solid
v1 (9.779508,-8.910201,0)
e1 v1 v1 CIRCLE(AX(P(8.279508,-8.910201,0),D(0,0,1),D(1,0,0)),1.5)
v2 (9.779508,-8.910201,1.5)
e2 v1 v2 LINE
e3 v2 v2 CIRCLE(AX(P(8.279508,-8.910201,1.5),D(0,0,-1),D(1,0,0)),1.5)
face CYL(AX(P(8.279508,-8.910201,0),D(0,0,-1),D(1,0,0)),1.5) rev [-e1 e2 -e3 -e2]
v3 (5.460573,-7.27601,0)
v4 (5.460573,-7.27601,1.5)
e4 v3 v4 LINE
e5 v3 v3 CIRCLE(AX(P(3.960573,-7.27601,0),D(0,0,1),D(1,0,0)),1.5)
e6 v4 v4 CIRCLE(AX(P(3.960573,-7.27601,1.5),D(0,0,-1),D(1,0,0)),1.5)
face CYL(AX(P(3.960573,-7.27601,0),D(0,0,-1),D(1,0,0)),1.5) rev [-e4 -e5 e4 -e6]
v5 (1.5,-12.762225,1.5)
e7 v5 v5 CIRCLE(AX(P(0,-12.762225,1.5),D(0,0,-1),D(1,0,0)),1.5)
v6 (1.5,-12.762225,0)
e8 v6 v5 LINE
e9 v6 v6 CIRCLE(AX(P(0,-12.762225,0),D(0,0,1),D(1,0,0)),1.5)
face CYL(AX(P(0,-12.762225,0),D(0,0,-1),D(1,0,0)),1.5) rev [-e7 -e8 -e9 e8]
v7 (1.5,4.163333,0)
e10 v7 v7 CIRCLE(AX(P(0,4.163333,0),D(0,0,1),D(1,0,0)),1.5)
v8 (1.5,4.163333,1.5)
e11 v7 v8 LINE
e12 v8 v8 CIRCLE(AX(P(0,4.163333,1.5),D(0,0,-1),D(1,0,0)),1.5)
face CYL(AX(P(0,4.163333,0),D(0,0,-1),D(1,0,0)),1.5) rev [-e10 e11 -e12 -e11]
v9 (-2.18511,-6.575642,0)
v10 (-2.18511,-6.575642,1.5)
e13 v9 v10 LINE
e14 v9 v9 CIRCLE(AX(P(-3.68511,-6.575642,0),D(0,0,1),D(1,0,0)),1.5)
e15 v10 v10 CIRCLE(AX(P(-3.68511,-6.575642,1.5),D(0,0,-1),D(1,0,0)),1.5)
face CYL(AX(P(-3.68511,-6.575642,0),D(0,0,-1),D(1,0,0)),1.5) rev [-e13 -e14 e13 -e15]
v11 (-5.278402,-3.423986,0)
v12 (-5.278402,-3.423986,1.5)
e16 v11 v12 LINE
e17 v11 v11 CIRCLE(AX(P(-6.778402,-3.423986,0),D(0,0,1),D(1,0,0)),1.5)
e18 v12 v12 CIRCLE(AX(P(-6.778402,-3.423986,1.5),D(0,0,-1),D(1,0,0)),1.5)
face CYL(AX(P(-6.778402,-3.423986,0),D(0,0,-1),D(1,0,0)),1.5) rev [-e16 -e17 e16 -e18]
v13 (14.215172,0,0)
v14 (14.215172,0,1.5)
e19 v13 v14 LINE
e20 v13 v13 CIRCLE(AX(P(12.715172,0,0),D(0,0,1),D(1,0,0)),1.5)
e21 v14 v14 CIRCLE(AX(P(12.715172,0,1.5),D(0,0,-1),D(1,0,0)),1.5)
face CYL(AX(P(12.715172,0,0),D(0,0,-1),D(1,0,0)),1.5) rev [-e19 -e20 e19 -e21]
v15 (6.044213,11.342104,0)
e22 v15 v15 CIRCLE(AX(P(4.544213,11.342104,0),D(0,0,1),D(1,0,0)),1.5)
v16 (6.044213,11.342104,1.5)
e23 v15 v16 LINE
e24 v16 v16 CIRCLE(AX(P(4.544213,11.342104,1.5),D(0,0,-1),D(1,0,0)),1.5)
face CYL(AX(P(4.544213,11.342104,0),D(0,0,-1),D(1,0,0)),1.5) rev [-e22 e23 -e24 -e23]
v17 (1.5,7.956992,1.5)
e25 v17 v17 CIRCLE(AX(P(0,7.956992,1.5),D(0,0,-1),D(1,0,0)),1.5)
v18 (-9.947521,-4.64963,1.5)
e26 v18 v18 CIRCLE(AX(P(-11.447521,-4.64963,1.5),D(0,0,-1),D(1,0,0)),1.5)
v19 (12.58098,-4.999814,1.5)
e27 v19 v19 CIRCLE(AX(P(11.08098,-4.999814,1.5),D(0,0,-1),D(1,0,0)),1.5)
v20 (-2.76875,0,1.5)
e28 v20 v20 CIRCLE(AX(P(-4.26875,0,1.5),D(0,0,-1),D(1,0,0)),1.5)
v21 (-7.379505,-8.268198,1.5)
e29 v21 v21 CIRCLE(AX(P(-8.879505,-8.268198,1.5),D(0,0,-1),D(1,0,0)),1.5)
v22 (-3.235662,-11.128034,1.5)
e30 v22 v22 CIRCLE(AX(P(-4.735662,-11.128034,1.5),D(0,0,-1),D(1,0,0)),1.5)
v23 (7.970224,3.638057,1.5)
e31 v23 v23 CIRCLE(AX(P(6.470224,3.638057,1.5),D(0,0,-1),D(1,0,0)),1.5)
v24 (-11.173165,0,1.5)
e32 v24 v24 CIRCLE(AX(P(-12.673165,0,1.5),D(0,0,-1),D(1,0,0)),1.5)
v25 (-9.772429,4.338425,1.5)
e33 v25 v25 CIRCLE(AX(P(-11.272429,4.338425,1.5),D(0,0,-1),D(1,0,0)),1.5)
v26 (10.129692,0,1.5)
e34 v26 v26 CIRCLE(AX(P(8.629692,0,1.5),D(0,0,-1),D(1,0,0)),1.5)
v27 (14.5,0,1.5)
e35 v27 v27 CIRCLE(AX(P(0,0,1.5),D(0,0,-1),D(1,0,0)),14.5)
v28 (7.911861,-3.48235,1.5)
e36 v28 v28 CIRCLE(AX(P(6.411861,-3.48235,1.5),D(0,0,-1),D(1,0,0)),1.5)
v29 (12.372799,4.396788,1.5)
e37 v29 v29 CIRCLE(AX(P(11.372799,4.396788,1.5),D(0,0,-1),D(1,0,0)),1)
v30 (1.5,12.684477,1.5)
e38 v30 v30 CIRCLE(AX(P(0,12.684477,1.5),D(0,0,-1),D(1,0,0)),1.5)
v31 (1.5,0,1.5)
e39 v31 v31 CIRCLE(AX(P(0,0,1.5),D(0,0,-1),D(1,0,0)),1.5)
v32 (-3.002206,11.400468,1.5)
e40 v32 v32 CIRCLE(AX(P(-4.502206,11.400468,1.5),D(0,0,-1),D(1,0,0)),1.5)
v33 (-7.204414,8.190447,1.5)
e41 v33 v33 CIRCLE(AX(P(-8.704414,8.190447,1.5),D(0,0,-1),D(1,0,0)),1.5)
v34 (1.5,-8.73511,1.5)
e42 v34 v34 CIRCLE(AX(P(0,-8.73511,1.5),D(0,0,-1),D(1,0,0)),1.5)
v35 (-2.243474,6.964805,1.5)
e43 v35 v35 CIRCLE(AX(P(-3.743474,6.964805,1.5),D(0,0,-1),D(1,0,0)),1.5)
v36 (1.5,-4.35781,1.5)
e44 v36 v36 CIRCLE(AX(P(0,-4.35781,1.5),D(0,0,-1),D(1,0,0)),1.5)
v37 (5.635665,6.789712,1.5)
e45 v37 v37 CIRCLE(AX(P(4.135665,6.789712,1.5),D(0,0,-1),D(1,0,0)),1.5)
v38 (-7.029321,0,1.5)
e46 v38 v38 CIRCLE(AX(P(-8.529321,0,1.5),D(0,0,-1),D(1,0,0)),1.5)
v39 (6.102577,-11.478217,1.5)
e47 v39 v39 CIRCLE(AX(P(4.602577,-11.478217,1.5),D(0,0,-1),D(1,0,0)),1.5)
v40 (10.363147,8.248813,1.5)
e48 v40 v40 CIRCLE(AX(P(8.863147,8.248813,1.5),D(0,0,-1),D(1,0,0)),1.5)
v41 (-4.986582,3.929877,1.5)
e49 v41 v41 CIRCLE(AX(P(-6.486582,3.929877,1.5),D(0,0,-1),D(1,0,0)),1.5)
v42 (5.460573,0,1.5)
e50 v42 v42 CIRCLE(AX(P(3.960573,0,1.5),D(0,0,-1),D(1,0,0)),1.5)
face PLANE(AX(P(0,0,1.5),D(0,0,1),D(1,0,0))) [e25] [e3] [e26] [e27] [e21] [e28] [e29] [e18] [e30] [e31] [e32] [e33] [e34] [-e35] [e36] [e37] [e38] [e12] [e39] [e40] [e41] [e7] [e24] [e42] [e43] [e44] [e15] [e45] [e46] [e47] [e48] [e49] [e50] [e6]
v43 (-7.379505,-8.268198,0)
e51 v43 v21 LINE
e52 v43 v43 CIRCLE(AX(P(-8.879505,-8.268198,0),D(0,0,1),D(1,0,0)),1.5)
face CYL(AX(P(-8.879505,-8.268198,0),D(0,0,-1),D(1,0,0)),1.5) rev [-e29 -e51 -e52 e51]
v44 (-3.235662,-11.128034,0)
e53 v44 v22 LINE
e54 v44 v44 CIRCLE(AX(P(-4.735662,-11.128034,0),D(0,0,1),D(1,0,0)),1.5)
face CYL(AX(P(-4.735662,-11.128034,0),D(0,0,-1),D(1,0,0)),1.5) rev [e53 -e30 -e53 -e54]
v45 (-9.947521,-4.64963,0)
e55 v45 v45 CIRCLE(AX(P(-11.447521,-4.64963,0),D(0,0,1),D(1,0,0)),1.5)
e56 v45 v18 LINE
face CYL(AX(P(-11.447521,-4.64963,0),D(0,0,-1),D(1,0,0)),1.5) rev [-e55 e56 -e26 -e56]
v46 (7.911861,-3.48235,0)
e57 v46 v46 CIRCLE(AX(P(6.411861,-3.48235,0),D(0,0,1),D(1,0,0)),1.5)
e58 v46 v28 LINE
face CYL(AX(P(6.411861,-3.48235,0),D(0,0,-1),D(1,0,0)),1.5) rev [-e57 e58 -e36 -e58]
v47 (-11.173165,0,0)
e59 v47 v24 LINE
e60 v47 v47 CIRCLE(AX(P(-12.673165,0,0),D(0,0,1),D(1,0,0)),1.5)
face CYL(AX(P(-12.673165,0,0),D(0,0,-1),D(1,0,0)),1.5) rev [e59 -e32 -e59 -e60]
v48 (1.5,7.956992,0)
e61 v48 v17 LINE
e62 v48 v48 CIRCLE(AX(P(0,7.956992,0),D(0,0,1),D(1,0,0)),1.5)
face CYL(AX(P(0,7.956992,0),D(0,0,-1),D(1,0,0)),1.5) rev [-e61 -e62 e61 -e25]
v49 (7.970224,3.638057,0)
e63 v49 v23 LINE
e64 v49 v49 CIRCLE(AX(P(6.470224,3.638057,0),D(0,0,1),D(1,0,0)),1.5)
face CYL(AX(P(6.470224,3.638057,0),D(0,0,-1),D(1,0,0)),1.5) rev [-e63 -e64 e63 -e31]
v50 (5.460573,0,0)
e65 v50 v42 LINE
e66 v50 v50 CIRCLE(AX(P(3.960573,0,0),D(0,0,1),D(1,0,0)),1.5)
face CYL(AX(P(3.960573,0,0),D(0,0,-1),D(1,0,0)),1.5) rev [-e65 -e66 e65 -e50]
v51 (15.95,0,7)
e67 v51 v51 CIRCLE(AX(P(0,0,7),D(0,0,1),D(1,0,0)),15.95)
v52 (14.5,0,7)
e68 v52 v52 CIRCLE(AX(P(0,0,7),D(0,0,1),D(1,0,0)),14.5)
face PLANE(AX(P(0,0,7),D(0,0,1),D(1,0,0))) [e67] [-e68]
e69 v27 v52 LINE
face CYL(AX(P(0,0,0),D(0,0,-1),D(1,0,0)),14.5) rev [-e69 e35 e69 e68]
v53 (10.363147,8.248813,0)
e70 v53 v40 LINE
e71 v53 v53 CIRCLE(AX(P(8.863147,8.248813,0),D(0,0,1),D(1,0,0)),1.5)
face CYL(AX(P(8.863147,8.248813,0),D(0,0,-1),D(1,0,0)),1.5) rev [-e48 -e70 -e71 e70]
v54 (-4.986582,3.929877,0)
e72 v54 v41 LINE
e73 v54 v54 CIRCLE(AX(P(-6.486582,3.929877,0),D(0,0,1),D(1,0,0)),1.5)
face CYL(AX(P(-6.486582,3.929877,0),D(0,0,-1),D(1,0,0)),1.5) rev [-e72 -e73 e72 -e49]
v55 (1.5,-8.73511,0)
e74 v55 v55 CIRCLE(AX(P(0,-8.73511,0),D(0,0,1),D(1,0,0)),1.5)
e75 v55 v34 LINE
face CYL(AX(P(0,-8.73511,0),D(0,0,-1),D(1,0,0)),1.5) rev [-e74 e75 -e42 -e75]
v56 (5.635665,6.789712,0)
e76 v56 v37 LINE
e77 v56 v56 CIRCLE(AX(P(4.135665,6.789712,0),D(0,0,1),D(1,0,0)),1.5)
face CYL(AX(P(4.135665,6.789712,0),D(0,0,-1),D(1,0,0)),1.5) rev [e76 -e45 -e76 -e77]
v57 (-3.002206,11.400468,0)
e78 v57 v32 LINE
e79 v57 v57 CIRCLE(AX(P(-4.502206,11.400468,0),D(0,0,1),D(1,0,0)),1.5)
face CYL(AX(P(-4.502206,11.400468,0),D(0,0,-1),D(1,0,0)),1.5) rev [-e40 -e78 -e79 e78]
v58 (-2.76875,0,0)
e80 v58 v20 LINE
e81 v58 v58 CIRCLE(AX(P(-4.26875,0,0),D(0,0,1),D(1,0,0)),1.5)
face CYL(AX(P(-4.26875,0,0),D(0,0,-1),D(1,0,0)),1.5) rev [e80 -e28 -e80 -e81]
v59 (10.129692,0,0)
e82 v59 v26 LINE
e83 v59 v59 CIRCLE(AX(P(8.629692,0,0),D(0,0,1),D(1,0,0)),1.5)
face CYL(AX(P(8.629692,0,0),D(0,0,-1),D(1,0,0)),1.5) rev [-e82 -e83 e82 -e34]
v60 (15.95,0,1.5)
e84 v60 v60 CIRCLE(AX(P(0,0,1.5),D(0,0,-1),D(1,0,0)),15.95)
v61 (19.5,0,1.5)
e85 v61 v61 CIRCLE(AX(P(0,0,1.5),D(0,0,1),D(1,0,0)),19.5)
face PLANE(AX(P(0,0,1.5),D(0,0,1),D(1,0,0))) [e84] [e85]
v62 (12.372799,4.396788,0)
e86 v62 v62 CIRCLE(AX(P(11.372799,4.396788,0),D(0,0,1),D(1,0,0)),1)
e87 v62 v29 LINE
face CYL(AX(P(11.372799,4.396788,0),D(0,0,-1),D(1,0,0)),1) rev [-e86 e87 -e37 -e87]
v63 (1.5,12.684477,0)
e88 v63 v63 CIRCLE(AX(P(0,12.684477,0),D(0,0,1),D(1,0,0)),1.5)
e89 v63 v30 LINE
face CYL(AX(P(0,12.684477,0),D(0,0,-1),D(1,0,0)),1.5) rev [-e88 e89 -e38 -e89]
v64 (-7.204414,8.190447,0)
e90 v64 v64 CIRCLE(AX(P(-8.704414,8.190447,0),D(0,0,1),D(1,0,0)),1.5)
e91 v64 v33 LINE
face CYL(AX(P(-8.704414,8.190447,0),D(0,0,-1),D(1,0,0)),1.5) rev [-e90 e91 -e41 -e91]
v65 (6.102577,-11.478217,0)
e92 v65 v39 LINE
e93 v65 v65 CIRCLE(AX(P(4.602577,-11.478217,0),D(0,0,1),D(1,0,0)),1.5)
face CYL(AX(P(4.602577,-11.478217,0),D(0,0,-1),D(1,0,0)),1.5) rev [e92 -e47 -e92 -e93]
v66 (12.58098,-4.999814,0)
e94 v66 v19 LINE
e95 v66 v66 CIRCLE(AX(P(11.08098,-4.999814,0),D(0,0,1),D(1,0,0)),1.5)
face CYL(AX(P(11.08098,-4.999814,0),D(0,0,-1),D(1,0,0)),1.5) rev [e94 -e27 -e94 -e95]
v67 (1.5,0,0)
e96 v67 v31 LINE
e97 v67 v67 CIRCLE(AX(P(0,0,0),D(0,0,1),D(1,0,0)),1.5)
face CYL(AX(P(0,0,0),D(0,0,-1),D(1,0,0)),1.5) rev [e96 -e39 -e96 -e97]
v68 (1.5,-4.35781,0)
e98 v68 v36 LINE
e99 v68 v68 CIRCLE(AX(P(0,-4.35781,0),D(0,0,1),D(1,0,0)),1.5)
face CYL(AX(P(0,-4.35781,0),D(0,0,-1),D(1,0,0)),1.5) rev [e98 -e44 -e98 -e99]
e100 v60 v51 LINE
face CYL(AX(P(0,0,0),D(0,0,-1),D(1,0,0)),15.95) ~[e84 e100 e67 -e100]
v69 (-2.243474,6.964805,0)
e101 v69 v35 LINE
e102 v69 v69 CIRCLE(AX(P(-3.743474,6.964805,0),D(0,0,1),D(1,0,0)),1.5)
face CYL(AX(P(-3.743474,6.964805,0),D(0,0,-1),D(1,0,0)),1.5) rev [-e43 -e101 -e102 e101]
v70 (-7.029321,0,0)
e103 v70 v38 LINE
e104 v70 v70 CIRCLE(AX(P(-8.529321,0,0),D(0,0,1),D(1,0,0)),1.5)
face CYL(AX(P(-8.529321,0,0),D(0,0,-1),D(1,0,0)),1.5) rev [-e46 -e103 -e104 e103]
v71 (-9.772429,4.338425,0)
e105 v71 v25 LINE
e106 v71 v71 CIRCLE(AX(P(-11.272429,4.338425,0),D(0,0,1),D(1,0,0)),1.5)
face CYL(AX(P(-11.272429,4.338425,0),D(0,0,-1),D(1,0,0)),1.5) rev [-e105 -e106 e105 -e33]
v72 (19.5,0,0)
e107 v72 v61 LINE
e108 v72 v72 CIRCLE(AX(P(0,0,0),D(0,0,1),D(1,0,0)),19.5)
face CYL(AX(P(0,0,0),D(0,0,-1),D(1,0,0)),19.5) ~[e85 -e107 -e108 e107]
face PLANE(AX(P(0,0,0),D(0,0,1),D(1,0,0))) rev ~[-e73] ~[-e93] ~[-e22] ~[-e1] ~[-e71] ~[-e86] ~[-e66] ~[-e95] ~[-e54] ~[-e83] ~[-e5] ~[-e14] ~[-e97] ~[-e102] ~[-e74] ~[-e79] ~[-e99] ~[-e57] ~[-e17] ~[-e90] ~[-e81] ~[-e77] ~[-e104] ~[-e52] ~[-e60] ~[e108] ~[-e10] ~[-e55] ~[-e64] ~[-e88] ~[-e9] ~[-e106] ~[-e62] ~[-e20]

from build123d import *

# Parameters (mm, degrees)
F0_R     = 19.5
F1_DEPTH = 1.5
F2_R     = 15.95
F2_R_2   = 14.5
F3_DEPTH = 7
F4_R     = 1.5
F4_R_2   = 1
F5_DEPTH = 25


with BuildPart() as f1:
    # F0 (on Top) → F1 (new body)
    with BuildSketch(Plane.XY):
        Circle(F0_R)
    extrude(amount=F1_DEPTH)

    # F2 (on Top) → F3 (join)
    with BuildSketch(Plane.XY):
        Circle(F2_R)
        Circle(F2_R_2, mode=Mode.SUBTRACT)
    extrude(amount=F3_DEPTH)

    # F4 (on Top) → F5 (cut)
    with BuildSketch(Plane.XY):
        Circle(F4_R)
        with Locations((0, 4.163333)):
            Circle(F4_R)
        with Locations((0, -4.35781)):
            Circle(F4_R)
        with Locations((0, -8.73511)):
            Circle(F4_R)
        with Locations((0, -12.762225)):
            Circle(F4_R)
        with Locations((0, 7.956992)):
            Circle(F4_R)
        with Locations((0, 12.684477)):
            Circle(F4_R)
        with Locations((-4.26875, 0)):
            Circle(F4_R)
        with Locations((-8.529321, 0)):
            Circle(F4_R)
        with Locations((-12.673165, 0)):
            Circle(F4_R)
        with Locations((3.960573, 0)):
            Circle(F4_R)
        with Locations((8.629692, 0)):
            Circle(F4_R)
        with Locations((12.715172, 0)):
            Circle(F4_R)
        with Locations((-6.486582, 3.929877)):
            Circle(F4_R)
        with Locations((-11.272429, 4.338425)):
            Circle(F4_R)
        with Locations((-8.704414, 8.190447)):
            Circle(F4_R)
        with Locations((-4.502206, 11.400468)):
            Circle(F4_R)
        with Locations((4.544213, 11.342104)):
            Circle(F4_R)
        with Locations((8.863147, 8.248813)):
            Circle(F4_R)
        with Locations((11.372799, 4.396788)):
            Circle(F4_R_2)
        with Locations((11.08098, -4.999814)):
            Circle(F4_R)
        with Locations((8.279508, -8.910201)):
            Circle(F4_R)
        with Locations((4.602577, -11.478217)):
            Circle(F4_R)
        with Locations((-4.735662, -11.128034)):
            Circle(F4_R)
        with Locations((-8.879505, -8.268198)):
            Circle(F4_R)
        with Locations((-11.447521, -4.64963)):
            Circle(F4_R)
        with Locations((-6.778402, -3.423986)):
            Circle(F4_R)
        with Locations((-3.68511, -6.575642)):
            Circle(F4_R)
        with Locations((3.960573, -7.27601)):
            Circle(F4_R)
        with Locations((6.411861, -3.48235)):
            Circle(F4_R)
        with Locations((6.470224, 3.638057)):
            Circle(F4_R)
        with Locations((4.135665, 6.789712)):
            Circle(F4_R)
        with Locations((-3.743474, 6.964805)):
            Circle(F4_R)
    extrude(amount=F5_DEPTH, mode=Mode.SUBTRACT)


solid = f1.part
